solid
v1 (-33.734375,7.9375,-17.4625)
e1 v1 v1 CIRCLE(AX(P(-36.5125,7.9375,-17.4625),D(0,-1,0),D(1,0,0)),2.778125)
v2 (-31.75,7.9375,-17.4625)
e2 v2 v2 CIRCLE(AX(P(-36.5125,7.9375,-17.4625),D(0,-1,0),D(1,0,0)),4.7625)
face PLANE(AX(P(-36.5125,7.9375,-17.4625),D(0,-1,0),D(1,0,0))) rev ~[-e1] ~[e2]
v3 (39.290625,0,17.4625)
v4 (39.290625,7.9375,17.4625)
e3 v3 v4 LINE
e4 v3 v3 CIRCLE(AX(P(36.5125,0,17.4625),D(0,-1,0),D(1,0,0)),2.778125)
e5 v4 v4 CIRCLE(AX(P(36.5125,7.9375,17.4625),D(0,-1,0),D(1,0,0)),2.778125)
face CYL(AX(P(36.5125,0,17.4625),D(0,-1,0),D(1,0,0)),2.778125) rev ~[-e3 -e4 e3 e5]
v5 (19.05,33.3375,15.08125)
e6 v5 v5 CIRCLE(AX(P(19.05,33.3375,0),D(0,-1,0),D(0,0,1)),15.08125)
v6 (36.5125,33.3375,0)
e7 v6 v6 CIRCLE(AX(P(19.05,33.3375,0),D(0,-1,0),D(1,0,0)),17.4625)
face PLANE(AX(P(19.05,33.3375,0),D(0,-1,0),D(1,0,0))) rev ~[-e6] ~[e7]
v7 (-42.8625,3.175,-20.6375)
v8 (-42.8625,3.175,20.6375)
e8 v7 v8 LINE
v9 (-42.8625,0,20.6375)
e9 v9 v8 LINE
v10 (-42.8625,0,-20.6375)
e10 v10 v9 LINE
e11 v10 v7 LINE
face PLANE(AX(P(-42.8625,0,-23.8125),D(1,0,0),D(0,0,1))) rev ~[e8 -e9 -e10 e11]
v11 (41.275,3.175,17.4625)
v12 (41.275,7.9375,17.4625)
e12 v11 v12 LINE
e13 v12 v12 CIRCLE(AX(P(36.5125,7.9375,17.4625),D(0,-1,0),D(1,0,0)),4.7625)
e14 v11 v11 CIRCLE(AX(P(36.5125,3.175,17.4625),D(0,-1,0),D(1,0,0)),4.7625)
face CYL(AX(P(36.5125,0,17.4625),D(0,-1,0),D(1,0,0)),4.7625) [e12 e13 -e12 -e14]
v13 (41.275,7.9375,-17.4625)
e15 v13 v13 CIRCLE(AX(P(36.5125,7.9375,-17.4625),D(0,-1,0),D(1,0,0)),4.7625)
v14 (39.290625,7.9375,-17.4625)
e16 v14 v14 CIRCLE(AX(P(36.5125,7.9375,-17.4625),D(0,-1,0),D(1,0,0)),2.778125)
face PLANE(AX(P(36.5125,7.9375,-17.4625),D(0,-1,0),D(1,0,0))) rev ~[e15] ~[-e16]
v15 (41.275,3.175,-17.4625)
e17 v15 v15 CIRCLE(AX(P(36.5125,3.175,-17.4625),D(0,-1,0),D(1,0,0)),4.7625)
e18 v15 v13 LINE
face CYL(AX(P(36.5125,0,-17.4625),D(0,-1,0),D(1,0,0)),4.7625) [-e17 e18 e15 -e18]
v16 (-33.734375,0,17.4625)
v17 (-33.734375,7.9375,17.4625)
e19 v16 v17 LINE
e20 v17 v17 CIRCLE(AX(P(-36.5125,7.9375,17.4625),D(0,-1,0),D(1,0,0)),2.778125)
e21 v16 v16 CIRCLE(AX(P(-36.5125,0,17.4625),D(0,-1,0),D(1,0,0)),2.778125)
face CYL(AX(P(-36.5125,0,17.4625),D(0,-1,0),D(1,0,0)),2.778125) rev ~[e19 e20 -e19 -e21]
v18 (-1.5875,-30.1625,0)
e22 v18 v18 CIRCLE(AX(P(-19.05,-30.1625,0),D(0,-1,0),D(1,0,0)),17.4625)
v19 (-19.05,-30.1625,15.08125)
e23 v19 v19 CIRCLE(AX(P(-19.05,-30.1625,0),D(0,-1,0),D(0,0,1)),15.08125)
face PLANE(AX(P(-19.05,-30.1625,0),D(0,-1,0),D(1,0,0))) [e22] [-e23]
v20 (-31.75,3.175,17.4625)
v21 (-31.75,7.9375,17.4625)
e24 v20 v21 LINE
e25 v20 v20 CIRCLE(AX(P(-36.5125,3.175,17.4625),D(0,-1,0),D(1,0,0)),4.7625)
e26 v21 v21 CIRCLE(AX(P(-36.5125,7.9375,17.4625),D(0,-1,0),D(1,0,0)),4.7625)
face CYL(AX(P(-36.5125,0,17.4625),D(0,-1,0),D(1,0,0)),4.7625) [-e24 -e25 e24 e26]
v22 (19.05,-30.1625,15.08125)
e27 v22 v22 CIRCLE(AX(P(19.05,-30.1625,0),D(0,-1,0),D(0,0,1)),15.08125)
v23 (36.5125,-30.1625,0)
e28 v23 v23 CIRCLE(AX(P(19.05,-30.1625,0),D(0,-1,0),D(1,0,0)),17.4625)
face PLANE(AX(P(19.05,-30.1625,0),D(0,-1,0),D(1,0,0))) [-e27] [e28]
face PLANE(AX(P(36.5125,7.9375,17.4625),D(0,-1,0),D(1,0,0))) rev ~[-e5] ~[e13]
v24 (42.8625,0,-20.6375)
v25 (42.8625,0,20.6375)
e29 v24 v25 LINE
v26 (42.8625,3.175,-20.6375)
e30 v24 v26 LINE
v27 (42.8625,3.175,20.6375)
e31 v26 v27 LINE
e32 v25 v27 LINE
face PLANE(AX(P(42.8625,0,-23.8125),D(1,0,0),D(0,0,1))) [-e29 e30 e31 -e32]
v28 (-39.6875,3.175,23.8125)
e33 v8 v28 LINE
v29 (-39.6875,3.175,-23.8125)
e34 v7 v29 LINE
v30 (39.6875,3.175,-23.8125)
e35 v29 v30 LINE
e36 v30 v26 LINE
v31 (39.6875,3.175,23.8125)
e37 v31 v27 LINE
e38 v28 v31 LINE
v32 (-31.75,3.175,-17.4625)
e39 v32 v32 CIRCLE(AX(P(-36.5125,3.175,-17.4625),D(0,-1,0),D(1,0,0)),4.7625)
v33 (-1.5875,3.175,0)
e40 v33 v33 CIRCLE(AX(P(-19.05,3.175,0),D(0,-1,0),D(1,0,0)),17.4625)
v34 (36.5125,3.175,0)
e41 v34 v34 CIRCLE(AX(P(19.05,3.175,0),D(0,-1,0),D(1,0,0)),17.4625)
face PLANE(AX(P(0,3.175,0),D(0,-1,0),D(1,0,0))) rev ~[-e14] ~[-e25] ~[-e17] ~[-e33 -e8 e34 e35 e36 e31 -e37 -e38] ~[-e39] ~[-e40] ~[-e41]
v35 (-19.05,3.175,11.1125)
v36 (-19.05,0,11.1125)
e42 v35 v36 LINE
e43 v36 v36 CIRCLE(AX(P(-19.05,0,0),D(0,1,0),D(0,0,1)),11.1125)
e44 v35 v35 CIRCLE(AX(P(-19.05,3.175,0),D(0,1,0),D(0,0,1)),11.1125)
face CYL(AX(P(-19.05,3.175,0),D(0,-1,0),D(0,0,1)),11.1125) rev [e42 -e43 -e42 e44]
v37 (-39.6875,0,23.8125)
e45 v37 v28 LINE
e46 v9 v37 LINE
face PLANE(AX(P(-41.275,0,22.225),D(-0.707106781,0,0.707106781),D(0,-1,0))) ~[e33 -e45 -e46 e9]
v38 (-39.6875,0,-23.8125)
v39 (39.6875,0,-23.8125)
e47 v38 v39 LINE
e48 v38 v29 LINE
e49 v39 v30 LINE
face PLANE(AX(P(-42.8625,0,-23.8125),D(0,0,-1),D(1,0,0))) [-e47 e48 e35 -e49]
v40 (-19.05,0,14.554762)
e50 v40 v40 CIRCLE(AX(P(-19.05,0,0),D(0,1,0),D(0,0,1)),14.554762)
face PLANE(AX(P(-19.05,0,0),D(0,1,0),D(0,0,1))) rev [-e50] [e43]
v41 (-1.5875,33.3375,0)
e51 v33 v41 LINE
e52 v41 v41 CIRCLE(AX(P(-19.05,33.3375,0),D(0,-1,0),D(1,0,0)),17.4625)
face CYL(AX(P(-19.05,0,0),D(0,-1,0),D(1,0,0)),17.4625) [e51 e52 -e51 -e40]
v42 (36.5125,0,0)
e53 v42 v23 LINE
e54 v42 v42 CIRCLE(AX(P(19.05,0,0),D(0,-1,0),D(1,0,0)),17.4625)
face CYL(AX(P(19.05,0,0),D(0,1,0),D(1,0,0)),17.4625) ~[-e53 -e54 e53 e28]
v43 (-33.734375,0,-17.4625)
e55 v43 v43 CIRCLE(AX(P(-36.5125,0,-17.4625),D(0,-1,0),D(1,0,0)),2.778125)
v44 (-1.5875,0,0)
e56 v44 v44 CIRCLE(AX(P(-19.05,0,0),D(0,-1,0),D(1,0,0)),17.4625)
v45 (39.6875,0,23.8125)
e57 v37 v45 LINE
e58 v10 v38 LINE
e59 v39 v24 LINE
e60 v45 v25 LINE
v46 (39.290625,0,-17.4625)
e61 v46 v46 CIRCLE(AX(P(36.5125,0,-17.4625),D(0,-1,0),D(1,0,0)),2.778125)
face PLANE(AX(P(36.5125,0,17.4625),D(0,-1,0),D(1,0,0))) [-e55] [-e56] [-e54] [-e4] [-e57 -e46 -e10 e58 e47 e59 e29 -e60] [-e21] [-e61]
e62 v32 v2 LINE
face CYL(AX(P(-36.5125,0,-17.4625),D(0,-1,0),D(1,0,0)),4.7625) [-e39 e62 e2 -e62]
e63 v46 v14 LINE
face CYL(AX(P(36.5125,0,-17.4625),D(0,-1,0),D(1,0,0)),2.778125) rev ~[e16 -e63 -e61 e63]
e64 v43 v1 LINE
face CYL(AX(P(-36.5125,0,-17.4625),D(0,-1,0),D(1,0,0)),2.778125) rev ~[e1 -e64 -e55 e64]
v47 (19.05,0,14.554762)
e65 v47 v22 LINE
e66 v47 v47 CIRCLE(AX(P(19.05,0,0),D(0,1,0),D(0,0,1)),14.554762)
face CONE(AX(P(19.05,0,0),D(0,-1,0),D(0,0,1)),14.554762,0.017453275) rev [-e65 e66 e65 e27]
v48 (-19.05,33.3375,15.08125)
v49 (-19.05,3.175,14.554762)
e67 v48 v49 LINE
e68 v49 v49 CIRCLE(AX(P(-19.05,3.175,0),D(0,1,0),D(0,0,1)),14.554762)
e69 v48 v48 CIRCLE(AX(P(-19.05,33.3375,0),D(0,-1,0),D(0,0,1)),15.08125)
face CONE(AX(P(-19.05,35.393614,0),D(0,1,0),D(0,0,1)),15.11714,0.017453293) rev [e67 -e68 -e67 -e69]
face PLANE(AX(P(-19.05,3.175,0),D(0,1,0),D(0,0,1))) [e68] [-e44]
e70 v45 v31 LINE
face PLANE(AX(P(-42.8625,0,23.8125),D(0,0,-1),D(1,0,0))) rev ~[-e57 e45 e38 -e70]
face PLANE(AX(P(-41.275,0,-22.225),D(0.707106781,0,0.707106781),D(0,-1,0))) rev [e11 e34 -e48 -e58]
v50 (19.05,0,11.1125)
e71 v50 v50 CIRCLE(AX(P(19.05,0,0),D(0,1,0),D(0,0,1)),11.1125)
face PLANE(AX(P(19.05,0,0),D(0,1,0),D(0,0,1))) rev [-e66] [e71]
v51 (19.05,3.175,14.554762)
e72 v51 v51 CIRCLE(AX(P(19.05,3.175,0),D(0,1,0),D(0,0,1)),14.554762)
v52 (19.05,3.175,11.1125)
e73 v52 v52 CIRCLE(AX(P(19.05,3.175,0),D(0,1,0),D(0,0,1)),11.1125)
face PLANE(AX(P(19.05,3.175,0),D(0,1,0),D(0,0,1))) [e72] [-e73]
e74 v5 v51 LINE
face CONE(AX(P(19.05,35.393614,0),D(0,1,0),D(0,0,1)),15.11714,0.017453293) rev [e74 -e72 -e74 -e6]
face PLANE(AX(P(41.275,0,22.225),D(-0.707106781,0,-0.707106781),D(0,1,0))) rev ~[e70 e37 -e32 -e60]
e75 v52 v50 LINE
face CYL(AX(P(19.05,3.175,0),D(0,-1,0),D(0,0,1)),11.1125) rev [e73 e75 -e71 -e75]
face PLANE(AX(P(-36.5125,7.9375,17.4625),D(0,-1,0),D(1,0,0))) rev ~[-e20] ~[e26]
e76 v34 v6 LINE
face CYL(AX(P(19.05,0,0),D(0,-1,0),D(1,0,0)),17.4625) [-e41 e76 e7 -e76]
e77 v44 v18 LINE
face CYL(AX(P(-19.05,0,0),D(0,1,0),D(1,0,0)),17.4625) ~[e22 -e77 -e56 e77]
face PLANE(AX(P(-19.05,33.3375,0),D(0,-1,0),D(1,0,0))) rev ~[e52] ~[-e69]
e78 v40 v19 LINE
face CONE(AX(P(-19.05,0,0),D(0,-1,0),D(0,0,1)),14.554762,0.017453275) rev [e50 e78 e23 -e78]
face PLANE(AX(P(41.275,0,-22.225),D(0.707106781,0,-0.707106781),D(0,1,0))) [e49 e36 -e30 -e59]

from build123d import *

# Parameters (mm, degrees)
F4_W      = 85.725
F4_H      = 47.625
F5_DEPTH  = 3.175
F6_R      = 17.4625
F7_DEPTH  = 30.1625
F8_R      = 17.4625
F9_DEPTH  = 33.3375
F14_SIZE  = 3.175
F15_R     = 4.7625
F16_DEPTH = 7.9375
F17_R     = 2.778125
F18_DEPTH = 25.4


with BuildPart() as f5:
    # F4 (on Front) → F5 (new body, through all)
    with BuildSketch(Plane.XZ):
        Rectangle(F4_W, F4_H)
    extrude(amount=-F5_DEPTH)

    # F6 (on Front) → F7 (join, through all)
    with BuildSketch(Plane.XZ):
        with Locations((19.05, 0)):
            Circle(F6_R)
        with Locations((-19.05, 0)):
            Circle(F6_R)
    extrude(amount=F7_DEPTH)

    # F8 (on Front) → F9 (join, through all)
    with BuildSketch(Plane.XZ):
        with Locations((19.05, 0)):
            Circle(F8_R)
        with Locations((-19.05, 0)):
            Circle(F8_R)
    extrude(amount=-F9_DEPTH)

    # F10 (on plane+point) → F12 (revolve, cut)
    with BuildSketch(Plane.YZ.offset(-19.05)):
        Polygon((0, 14.554762), (-37.202075, 15.204126), (-37.202075, 0), (35.393614, 0), (35.393614, 15.11714), (3.175, 14.554762), (3.175, 11.1125), (0, 11.1125), align=None)
    revolve(axis=Axis((-19.05, -0.90423, 0), (0, 1, 0)), mode=Mode.SUBTRACT)

    # F11 (on plane+point) → F13 (revolve, cut)
    with BuildSketch(Plane.YZ.offset(19.05)):
        Polygon((0, 14.554762), (-37.202075, 15.204126), (-37.202075, 0), (35.393614, 0), (35.393614, 15.11714), (3.175, 14.554762), (3.175, 11.1125), (0, 11.1125), align=None)
    revolve(axis=Axis((19.05, -0.90423, 0), (0, 1, 0)), mode=Mode.SUBTRACT)

    # F14
    f14_edges = [f5.edges().sort_by_distance(p)[0] for p in [
        (-42.8625, 1.5875, 23.8125),
        (42.8625, 1.5875, 23.8125),
        (42.8625, 1.5875, -23.8125),
        (-42.8625, 1.5875, -23.8125),
    ]]
    chamfer(f14_edges, length=F14_SIZE)

    # F15 (on Front) → F16 (join)
    with BuildSketch(Plane.XZ):
        with Locations((36.5125, 17.4625)):
            Circle(F15_R)
        with Locations((-36.5125, 17.4625)):
            Circle(F15_R)
        with Locations((-36.5125, -17.4625)):
            Circle(F15_R)
        with Locations((36.5125, -17.4625)):
            Circle(F15_R)
    extrude(amount=-F16_DEPTH)

    # F17 (on Front) → F18 (cut)
    with BuildSketch(Plane.XZ):
        with Locations((-36.5125, 17.4625)):
            Circle(F17_R)
        with Locations((36.5125, 17.4625)):
            Circle(F17_R)
        with Locations((-36.5125, -17.4625)):
            Circle(F17_R)
        with Locations((36.5125, -17.4625)):
            Circle(F17_R)
    extrude(amount=-F18_DEPTH, mode=Mode.SUBTRACT)


solid = f5.part
